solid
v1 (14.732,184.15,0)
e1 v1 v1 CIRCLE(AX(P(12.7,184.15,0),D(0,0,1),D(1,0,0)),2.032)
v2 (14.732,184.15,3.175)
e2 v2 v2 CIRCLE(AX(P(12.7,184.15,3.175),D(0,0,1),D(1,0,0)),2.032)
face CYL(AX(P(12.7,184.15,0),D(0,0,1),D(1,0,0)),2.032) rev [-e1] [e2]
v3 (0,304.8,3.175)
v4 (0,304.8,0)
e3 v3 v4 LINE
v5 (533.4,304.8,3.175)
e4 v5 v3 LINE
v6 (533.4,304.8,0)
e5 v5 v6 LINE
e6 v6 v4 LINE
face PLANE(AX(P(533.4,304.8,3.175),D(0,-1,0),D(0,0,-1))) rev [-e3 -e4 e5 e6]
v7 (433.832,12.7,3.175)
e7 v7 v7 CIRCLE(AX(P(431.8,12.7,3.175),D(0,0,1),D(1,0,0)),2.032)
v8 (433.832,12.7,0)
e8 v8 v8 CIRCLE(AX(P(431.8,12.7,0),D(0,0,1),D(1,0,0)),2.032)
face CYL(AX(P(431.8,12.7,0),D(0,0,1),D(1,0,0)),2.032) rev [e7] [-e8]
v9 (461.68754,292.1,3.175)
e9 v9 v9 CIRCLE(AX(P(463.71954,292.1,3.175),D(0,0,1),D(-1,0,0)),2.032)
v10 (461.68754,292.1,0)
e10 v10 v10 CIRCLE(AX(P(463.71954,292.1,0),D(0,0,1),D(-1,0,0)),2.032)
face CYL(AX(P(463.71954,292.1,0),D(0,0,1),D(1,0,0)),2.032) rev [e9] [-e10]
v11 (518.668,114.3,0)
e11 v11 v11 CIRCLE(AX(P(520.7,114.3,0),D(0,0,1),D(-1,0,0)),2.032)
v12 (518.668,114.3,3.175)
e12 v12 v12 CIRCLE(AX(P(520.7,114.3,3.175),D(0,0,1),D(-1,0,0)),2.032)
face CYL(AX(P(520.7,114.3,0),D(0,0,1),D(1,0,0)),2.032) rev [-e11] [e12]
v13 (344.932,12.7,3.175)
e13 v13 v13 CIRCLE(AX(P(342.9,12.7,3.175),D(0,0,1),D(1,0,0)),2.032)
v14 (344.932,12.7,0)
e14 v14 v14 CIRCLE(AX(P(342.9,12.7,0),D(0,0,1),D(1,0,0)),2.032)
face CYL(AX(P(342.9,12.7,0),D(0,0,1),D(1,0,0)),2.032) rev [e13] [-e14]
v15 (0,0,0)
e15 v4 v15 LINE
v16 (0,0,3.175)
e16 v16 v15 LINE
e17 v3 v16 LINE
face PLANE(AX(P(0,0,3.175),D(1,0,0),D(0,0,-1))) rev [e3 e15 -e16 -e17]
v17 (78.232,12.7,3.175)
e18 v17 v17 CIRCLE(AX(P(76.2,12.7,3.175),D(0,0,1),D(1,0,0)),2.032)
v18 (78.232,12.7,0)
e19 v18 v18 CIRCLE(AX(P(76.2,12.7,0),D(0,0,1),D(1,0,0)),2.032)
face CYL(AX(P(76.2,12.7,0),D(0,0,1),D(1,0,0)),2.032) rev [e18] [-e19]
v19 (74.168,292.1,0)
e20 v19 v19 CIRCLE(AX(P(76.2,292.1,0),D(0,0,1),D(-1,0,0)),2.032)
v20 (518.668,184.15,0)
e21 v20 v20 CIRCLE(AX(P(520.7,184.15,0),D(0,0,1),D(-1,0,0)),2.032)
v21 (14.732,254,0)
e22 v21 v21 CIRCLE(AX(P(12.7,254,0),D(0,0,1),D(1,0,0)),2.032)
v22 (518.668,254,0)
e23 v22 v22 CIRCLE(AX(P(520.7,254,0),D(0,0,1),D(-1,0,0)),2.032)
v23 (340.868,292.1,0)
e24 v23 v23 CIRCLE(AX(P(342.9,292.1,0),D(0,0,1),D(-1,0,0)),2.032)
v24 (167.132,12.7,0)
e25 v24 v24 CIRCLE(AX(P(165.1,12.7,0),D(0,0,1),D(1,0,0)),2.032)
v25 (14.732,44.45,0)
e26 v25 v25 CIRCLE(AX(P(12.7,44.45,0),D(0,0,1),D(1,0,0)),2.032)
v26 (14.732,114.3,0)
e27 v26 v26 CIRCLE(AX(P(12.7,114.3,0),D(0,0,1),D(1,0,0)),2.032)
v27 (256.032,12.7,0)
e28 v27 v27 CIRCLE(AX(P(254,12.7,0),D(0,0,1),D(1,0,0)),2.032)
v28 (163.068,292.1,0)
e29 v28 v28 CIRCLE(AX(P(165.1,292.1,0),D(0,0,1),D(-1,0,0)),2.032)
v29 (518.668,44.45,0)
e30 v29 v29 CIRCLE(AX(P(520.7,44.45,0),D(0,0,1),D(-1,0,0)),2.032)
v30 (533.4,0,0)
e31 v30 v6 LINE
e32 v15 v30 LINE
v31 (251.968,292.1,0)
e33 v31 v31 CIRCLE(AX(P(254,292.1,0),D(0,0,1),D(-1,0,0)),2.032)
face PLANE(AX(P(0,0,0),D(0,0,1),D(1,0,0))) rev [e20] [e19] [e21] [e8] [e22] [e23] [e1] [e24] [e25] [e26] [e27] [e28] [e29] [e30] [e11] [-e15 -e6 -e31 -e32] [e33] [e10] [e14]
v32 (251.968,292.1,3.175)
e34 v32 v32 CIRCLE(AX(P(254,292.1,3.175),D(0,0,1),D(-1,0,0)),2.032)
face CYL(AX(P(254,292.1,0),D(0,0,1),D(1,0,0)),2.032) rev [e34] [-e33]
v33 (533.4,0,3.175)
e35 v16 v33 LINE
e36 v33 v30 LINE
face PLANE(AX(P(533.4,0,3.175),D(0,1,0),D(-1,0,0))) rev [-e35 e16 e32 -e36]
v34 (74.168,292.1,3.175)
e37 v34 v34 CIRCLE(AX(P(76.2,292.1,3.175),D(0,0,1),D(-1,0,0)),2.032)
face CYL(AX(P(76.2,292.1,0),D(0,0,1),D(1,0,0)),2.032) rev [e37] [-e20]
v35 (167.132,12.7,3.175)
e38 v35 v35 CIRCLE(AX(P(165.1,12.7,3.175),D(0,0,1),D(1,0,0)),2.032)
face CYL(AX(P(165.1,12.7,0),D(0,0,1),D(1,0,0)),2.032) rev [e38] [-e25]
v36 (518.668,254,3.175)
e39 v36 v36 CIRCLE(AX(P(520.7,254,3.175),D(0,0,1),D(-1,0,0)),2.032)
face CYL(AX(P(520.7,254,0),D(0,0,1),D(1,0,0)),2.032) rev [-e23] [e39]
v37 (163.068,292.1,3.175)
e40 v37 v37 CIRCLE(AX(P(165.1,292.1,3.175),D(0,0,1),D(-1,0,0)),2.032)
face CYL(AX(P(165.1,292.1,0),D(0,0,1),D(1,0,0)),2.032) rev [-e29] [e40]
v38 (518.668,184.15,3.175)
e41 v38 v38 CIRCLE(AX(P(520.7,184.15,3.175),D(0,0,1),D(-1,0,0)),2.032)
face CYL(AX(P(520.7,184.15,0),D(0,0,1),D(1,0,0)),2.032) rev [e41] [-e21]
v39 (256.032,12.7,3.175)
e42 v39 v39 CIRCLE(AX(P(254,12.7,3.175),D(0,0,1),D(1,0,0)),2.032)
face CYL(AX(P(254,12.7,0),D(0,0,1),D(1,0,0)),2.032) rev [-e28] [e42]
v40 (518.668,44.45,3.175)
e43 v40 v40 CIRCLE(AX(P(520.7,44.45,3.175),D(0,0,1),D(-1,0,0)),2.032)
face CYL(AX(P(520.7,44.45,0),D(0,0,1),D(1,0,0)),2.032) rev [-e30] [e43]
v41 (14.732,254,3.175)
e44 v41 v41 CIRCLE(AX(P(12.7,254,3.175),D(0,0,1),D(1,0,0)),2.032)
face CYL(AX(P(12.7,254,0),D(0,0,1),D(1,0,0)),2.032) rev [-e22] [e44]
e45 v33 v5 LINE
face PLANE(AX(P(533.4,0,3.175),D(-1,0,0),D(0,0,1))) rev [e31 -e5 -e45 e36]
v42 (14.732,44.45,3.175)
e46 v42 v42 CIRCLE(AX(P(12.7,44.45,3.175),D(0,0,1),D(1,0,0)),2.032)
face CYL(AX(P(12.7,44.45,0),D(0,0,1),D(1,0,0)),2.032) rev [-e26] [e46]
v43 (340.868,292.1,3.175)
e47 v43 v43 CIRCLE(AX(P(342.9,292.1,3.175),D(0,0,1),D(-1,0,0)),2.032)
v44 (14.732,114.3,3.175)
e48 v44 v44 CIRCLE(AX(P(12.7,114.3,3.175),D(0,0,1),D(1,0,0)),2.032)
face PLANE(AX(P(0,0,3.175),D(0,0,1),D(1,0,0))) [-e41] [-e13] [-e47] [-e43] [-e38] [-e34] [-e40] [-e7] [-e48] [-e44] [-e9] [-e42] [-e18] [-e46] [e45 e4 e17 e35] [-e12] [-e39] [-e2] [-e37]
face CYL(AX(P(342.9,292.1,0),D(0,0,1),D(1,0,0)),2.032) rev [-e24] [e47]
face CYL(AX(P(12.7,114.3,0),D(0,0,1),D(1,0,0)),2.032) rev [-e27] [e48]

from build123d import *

# Parameters (mm, degrees)
SKETCH1_W           = 533.4
SKETCH1_H           = 304.8
BOSS_EXTRUDE1_DEPTH = 3.175
SKETCH5_R           = 2.032
CUT_EXTRUDE4_DEPTH  = 4.175
SKETCH6_R           = 2.032
CUT_EXTRUDE5_DEPTH  = 3.175


with BuildPart() as part:
    # Sketch1 → Boss-Extrude1 (new body)
    with BuildSketch(Plane.XY):
        with Locations((266.7, 152.4)):
            Rectangle(SKETCH1_W, SKETCH1_H)
    extrude(amount=BOSS_EXTRUDE1_DEPTH)

    # Sketch5 → Cut-Extrude4 (cut, through all)
    with BuildSketch(Plane.XY.offset(3.175)):
        with Locations((76.2, 12.7)):
            Circle(SKETCH5_R)
        with Locations((165.1, 12.7)):
            Circle(SKETCH5_R)
        with Locations((254, 12.7)):
            Circle(SKETCH5_R)
        with Locations((342.9, 12.7)):
            Circle(SKETCH5_R)
        with Locations((431.8, 12.7)):
            Circle(SKETCH5_R)
        with Locations((342.9, 292.1)):
            Circle(SKETCH5_R)
        with Locations((254, 292.1)):
            Circle(SKETCH5_R)
        with Locations((165.1, 292.1)):
            Circle(SKETCH5_R)
        with Locations((76.2, 292.1)):
            Circle(SKETCH5_R)
        with Locations((463.719540129, 292.1)):
            Circle(SKETCH5_R)
    extrude(amount=-CUT_EXTRUDE4_DEPTH, mode=Mode.SUBTRACT)

    # Sketch6 → Cut-Extrude5 (cut)
    with BuildSketch(Plane.XY.offset(3.175)):
        with Locations((12.7, 254)):
            Circle(SKETCH6_R)
        with Locations((12.7, 184.15)):
            Circle(SKETCH6_R)
        with Locations((12.7, 114.3)):
            Circle(SKETCH6_R)
        with Locations((12.7, 44.45)):
            Circle(SKETCH6_R)
        with Locations((520.7, 44.45)):
            Circle(SKETCH6_R)
        with Locations((520.7, 114.3)):
            Circle(SKETCH6_R)
        with Locations((520.7, 184.15)):
            Circle(SKETCH6_R)
        with Locations((520.7, 254)):
            Circle(SKETCH6_R)
    extrude(amount=-CUT_EXTRUDE5_DEPTH, mode=Mode.SUBTRACT)


solid = part.part
